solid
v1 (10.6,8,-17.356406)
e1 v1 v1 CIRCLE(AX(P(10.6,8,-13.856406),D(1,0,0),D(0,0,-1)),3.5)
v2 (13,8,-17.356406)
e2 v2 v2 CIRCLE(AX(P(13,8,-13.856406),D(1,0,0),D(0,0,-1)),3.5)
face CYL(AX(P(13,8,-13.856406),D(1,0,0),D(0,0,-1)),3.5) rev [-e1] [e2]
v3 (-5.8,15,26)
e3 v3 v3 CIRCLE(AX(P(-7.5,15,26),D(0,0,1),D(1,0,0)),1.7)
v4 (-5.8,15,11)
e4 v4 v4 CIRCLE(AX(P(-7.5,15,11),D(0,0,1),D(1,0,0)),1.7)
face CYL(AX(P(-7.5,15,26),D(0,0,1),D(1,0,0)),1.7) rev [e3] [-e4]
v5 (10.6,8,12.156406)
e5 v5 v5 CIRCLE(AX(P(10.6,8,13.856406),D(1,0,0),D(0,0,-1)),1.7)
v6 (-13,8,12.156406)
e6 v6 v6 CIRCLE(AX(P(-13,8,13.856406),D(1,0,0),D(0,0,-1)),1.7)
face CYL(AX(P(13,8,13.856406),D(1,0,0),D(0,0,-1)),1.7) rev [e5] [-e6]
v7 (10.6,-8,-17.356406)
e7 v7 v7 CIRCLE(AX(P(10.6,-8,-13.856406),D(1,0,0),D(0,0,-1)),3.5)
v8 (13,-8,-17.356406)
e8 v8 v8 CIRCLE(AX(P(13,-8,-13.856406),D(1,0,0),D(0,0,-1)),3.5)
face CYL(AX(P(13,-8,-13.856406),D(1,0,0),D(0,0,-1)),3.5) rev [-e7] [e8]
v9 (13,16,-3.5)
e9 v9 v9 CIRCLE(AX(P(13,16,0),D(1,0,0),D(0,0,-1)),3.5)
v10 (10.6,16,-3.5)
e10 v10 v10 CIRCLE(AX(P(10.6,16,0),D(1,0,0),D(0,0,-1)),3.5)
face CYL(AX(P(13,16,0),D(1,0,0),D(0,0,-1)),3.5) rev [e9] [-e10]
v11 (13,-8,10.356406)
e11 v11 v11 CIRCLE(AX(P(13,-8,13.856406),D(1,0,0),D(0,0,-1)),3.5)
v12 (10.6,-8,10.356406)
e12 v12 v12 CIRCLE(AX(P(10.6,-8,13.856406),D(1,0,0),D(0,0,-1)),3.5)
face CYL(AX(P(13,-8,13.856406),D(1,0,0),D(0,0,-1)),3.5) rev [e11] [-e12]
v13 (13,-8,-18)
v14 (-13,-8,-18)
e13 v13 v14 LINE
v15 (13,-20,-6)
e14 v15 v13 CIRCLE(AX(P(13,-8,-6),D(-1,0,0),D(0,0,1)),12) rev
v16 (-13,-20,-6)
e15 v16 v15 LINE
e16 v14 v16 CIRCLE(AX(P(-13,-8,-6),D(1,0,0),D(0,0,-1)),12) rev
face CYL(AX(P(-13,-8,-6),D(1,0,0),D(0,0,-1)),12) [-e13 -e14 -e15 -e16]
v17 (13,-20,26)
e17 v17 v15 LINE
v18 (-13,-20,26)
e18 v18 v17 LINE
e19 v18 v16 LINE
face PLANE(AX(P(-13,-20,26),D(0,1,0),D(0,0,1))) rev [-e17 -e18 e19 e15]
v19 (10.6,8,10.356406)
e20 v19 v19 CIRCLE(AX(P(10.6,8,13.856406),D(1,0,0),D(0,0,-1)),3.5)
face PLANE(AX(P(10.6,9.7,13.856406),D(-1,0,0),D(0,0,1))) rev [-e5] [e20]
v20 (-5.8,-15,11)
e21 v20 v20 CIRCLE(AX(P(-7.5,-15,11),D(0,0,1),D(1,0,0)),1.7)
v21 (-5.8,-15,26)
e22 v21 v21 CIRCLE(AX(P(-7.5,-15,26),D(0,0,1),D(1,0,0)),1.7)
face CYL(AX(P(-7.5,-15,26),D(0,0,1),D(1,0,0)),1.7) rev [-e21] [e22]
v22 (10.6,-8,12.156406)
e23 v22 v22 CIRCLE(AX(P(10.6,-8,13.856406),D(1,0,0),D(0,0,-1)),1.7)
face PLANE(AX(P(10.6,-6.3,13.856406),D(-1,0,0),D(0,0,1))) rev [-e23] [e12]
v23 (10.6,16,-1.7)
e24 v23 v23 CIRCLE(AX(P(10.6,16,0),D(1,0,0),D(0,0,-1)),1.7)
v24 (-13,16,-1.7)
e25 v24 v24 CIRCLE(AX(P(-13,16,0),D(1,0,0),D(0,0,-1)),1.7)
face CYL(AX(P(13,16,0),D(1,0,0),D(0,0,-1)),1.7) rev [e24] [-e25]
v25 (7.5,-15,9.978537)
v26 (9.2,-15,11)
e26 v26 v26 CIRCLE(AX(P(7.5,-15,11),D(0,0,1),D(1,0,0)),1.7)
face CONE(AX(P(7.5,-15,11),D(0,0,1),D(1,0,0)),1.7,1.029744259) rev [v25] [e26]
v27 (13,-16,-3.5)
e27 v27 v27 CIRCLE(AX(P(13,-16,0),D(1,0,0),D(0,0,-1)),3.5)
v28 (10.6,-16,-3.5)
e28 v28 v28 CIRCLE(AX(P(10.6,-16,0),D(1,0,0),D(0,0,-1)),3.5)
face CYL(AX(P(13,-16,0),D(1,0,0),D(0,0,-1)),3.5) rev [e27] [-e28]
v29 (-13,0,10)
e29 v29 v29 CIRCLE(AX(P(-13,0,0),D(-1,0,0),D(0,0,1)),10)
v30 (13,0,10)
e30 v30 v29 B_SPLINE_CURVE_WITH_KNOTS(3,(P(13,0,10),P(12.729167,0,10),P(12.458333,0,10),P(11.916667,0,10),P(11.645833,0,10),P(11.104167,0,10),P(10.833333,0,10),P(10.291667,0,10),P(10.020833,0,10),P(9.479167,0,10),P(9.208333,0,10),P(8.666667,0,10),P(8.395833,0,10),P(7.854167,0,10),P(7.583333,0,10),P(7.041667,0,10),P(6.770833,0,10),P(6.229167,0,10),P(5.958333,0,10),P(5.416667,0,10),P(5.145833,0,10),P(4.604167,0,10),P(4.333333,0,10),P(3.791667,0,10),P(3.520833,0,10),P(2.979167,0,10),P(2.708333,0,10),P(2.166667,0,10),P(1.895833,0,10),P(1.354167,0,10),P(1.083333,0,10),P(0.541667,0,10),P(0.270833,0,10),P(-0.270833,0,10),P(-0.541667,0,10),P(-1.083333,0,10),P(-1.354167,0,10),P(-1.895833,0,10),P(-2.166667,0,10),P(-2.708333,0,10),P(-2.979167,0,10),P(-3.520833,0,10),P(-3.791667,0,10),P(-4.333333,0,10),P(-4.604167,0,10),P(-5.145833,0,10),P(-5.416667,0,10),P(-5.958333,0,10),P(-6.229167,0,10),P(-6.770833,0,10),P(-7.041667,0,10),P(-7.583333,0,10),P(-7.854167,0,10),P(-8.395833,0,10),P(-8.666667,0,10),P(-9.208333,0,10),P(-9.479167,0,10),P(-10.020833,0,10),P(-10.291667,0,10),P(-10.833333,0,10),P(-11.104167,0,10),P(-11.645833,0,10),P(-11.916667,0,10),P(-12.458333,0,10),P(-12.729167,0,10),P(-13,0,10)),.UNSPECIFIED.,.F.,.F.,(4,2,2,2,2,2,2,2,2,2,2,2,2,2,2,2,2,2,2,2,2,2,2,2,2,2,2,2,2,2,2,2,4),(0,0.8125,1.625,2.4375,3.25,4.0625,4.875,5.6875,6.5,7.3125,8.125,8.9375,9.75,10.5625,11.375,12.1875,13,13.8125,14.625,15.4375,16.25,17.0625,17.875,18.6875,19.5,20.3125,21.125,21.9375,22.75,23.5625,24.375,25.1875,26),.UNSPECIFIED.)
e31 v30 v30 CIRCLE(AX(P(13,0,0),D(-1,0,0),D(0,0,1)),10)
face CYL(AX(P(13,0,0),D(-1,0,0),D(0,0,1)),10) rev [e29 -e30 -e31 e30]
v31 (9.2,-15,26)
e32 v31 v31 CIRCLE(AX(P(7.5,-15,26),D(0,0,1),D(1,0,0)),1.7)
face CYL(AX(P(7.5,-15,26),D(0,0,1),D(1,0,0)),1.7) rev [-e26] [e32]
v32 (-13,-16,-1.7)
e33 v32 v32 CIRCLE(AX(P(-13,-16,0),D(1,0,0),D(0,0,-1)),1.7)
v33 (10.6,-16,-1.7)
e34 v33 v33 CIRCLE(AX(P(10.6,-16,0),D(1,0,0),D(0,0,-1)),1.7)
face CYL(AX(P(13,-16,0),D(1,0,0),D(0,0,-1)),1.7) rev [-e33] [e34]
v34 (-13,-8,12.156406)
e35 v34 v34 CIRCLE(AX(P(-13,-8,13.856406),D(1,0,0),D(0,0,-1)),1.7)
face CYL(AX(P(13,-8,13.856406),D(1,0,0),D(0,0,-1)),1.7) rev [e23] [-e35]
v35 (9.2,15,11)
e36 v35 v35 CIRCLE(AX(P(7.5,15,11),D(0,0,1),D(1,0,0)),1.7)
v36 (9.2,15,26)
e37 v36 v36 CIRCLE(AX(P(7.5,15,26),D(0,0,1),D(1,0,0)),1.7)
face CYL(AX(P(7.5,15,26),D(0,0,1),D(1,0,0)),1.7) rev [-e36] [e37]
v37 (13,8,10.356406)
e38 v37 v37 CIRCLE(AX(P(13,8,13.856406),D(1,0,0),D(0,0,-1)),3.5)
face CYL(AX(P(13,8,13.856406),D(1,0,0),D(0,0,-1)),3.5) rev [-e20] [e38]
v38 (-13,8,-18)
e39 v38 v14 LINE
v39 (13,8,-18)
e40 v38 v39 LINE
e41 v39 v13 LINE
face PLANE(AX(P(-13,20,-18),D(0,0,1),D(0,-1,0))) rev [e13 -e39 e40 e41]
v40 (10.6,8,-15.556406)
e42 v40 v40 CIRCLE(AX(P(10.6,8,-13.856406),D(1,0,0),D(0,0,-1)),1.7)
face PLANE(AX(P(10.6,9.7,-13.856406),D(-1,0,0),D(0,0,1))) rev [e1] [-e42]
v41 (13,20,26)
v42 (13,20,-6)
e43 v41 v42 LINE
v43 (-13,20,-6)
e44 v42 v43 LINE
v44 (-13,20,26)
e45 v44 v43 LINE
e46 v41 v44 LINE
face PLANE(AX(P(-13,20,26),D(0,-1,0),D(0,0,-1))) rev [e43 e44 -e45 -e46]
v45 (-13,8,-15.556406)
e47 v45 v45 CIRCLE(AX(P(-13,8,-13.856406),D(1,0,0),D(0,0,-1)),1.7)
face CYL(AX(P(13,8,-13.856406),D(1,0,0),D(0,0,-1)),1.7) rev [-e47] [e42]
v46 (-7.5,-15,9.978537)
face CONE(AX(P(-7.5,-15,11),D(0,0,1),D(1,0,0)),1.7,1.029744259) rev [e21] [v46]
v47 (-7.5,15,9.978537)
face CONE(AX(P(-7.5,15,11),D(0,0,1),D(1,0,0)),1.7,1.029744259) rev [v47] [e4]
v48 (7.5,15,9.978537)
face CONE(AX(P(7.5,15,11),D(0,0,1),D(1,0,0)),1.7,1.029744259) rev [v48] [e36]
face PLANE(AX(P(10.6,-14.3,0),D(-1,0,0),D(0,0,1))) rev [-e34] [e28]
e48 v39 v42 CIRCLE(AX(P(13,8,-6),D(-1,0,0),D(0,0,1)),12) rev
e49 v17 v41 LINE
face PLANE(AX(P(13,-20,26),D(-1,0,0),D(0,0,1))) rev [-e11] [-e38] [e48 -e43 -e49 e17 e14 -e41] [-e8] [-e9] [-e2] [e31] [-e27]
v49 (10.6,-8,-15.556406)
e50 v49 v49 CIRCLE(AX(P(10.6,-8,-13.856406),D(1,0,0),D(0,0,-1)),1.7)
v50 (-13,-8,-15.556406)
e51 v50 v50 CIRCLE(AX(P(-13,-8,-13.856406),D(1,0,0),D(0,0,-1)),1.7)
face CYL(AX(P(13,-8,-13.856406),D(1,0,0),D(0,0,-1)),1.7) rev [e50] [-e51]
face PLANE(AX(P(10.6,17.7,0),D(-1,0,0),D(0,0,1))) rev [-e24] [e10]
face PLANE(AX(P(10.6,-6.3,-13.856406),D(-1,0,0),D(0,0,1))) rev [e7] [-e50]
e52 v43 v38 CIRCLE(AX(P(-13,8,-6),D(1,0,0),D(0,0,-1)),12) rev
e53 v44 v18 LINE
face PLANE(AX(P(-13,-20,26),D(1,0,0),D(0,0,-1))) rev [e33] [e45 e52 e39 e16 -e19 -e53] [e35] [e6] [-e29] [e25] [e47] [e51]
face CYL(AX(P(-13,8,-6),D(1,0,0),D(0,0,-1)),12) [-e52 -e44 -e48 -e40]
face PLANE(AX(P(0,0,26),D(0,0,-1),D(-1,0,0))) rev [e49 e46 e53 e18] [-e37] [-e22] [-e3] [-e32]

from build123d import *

# Parameters (mm, degrees)
CROQUIS1_W                                           = 26
CROQUIS1_H                                           = 40
SALIENTE_EXTRUIR1_DEPTH                              = 26
TALADRO_DE_MARGEN_PARA_M31_D                         = 3.4
TALADRO_DE_MARGEN_PARA_M31_DEPTH                     = 15
TALADRO_DE_MARGEN_PARA_M31_TIP                       = 1.021463052
REFRENTADO_PARA_TORNILLO_CON_CABEZA_TRON_D           = 3.4
REFRENTADO_PARA_TORNILLO_CON_CABEZA_TRON_CBORE_D     = 7
REFRENTADO_PARA_TORNILLO_CON_CABEZA_TRON_CBORE_DEPTH = 2.4
CROQUIS7_R                                           = 10
CORTAR_EXTRUIR1_DEPTH                                = 42.856899073
CROQUIS9_W                                           = 8
CROQUIS9_H                                           = 40
CORTAR_EXTRUIR3_DEPTH                                = 42.856899073
REDONDEO3_R                                          = 12


with BuildPart() as part:
    # Croquis1 → Saliente-Extruir1 (new, symmetric)
    with BuildSketch(Plane.XY):
        Rectangle(CROQUIS1_W, CROQUIS1_H)
    extrude(amount=SALIENTE_EXTRUIR1_DEPTH, both=True)

    # Taladro de margen para M31
    with Locations(Plane.XY.offset(26)):
        with Locations((-7.5, 15), (7.5, -15), (7.5, 15), (-7.5, -15)):
            Hole(TALADRO_DE_MARGEN_PARA_M31_D / 2, depth=TALADRO_DE_MARGEN_PARA_M31_DEPTH)
            with Locations((0, 0, -(TALADRO_DE_MARGEN_PARA_M31_DEPTH + TALADRO_DE_MARGEN_PARA_M31_TIP / 2))):  # 118° drill point
                Cone(0, TALADRO_DE_MARGEN_PARA_M31_D / 2, TALADRO_DE_MARGEN_PARA_M31_TIP, mode=Mode.SUBTRACT)

    # Refrentado para tornillo con cabeza troncocónica de M31 (through all)
    with Locations(Plane(origin=(13, 0, 0), x_dir=(0, 0, -1), z_dir=(1, 0, 0))):
        with Locations((0, 16), (13.856406461, 8), (13.856406461, -8), (0, -16), (-13.856406461, -8), (-13.856406461, 8)):
            CounterBoreHole(REFRENTADO_PARA_TORNILLO_CON_CABEZA_TRON_D / 2, REFRENTADO_PARA_TORNILLO_CON_CABEZA_TRON_CBORE_D / 2, REFRENTADO_PARA_TORNILLO_CON_CABEZA_TRON_CBORE_DEPTH)

    # Croquis7 → Cortar-Extruir1 (cut, through all)
    with BuildSketch(Plane.ZY.offset(13)):
        Circle(CROQUIS7_R)
    extrude(amount=-CORTAR_EXTRUIR1_DEPTH, mode=Mode.SUBTRACT)

    # Croquis9 → Cortar-Extruir3 (cut, through all)
    with BuildSketch(Plane(origin=(13, 0, 0), x_dir=(0, 0, -1), z_dir=(1, 0, 0))):
        with Locations((22, 0)):
            Rectangle(CROQUIS9_W, CROQUIS9_H)
    extrude(amount=-CORTAR_EXTRUIR3_DEPTH, mode=Mode.SUBTRACT)

    # Redondeo3
    redondeo3_edges = [part.edges().sort_by_distance(p)[0] for p in [
        (0, -20, -18),
        (0, 20, -18),
    ]]
    fillet(redondeo3_edges, radius=REDONDEO3_R)


solid = part.part
